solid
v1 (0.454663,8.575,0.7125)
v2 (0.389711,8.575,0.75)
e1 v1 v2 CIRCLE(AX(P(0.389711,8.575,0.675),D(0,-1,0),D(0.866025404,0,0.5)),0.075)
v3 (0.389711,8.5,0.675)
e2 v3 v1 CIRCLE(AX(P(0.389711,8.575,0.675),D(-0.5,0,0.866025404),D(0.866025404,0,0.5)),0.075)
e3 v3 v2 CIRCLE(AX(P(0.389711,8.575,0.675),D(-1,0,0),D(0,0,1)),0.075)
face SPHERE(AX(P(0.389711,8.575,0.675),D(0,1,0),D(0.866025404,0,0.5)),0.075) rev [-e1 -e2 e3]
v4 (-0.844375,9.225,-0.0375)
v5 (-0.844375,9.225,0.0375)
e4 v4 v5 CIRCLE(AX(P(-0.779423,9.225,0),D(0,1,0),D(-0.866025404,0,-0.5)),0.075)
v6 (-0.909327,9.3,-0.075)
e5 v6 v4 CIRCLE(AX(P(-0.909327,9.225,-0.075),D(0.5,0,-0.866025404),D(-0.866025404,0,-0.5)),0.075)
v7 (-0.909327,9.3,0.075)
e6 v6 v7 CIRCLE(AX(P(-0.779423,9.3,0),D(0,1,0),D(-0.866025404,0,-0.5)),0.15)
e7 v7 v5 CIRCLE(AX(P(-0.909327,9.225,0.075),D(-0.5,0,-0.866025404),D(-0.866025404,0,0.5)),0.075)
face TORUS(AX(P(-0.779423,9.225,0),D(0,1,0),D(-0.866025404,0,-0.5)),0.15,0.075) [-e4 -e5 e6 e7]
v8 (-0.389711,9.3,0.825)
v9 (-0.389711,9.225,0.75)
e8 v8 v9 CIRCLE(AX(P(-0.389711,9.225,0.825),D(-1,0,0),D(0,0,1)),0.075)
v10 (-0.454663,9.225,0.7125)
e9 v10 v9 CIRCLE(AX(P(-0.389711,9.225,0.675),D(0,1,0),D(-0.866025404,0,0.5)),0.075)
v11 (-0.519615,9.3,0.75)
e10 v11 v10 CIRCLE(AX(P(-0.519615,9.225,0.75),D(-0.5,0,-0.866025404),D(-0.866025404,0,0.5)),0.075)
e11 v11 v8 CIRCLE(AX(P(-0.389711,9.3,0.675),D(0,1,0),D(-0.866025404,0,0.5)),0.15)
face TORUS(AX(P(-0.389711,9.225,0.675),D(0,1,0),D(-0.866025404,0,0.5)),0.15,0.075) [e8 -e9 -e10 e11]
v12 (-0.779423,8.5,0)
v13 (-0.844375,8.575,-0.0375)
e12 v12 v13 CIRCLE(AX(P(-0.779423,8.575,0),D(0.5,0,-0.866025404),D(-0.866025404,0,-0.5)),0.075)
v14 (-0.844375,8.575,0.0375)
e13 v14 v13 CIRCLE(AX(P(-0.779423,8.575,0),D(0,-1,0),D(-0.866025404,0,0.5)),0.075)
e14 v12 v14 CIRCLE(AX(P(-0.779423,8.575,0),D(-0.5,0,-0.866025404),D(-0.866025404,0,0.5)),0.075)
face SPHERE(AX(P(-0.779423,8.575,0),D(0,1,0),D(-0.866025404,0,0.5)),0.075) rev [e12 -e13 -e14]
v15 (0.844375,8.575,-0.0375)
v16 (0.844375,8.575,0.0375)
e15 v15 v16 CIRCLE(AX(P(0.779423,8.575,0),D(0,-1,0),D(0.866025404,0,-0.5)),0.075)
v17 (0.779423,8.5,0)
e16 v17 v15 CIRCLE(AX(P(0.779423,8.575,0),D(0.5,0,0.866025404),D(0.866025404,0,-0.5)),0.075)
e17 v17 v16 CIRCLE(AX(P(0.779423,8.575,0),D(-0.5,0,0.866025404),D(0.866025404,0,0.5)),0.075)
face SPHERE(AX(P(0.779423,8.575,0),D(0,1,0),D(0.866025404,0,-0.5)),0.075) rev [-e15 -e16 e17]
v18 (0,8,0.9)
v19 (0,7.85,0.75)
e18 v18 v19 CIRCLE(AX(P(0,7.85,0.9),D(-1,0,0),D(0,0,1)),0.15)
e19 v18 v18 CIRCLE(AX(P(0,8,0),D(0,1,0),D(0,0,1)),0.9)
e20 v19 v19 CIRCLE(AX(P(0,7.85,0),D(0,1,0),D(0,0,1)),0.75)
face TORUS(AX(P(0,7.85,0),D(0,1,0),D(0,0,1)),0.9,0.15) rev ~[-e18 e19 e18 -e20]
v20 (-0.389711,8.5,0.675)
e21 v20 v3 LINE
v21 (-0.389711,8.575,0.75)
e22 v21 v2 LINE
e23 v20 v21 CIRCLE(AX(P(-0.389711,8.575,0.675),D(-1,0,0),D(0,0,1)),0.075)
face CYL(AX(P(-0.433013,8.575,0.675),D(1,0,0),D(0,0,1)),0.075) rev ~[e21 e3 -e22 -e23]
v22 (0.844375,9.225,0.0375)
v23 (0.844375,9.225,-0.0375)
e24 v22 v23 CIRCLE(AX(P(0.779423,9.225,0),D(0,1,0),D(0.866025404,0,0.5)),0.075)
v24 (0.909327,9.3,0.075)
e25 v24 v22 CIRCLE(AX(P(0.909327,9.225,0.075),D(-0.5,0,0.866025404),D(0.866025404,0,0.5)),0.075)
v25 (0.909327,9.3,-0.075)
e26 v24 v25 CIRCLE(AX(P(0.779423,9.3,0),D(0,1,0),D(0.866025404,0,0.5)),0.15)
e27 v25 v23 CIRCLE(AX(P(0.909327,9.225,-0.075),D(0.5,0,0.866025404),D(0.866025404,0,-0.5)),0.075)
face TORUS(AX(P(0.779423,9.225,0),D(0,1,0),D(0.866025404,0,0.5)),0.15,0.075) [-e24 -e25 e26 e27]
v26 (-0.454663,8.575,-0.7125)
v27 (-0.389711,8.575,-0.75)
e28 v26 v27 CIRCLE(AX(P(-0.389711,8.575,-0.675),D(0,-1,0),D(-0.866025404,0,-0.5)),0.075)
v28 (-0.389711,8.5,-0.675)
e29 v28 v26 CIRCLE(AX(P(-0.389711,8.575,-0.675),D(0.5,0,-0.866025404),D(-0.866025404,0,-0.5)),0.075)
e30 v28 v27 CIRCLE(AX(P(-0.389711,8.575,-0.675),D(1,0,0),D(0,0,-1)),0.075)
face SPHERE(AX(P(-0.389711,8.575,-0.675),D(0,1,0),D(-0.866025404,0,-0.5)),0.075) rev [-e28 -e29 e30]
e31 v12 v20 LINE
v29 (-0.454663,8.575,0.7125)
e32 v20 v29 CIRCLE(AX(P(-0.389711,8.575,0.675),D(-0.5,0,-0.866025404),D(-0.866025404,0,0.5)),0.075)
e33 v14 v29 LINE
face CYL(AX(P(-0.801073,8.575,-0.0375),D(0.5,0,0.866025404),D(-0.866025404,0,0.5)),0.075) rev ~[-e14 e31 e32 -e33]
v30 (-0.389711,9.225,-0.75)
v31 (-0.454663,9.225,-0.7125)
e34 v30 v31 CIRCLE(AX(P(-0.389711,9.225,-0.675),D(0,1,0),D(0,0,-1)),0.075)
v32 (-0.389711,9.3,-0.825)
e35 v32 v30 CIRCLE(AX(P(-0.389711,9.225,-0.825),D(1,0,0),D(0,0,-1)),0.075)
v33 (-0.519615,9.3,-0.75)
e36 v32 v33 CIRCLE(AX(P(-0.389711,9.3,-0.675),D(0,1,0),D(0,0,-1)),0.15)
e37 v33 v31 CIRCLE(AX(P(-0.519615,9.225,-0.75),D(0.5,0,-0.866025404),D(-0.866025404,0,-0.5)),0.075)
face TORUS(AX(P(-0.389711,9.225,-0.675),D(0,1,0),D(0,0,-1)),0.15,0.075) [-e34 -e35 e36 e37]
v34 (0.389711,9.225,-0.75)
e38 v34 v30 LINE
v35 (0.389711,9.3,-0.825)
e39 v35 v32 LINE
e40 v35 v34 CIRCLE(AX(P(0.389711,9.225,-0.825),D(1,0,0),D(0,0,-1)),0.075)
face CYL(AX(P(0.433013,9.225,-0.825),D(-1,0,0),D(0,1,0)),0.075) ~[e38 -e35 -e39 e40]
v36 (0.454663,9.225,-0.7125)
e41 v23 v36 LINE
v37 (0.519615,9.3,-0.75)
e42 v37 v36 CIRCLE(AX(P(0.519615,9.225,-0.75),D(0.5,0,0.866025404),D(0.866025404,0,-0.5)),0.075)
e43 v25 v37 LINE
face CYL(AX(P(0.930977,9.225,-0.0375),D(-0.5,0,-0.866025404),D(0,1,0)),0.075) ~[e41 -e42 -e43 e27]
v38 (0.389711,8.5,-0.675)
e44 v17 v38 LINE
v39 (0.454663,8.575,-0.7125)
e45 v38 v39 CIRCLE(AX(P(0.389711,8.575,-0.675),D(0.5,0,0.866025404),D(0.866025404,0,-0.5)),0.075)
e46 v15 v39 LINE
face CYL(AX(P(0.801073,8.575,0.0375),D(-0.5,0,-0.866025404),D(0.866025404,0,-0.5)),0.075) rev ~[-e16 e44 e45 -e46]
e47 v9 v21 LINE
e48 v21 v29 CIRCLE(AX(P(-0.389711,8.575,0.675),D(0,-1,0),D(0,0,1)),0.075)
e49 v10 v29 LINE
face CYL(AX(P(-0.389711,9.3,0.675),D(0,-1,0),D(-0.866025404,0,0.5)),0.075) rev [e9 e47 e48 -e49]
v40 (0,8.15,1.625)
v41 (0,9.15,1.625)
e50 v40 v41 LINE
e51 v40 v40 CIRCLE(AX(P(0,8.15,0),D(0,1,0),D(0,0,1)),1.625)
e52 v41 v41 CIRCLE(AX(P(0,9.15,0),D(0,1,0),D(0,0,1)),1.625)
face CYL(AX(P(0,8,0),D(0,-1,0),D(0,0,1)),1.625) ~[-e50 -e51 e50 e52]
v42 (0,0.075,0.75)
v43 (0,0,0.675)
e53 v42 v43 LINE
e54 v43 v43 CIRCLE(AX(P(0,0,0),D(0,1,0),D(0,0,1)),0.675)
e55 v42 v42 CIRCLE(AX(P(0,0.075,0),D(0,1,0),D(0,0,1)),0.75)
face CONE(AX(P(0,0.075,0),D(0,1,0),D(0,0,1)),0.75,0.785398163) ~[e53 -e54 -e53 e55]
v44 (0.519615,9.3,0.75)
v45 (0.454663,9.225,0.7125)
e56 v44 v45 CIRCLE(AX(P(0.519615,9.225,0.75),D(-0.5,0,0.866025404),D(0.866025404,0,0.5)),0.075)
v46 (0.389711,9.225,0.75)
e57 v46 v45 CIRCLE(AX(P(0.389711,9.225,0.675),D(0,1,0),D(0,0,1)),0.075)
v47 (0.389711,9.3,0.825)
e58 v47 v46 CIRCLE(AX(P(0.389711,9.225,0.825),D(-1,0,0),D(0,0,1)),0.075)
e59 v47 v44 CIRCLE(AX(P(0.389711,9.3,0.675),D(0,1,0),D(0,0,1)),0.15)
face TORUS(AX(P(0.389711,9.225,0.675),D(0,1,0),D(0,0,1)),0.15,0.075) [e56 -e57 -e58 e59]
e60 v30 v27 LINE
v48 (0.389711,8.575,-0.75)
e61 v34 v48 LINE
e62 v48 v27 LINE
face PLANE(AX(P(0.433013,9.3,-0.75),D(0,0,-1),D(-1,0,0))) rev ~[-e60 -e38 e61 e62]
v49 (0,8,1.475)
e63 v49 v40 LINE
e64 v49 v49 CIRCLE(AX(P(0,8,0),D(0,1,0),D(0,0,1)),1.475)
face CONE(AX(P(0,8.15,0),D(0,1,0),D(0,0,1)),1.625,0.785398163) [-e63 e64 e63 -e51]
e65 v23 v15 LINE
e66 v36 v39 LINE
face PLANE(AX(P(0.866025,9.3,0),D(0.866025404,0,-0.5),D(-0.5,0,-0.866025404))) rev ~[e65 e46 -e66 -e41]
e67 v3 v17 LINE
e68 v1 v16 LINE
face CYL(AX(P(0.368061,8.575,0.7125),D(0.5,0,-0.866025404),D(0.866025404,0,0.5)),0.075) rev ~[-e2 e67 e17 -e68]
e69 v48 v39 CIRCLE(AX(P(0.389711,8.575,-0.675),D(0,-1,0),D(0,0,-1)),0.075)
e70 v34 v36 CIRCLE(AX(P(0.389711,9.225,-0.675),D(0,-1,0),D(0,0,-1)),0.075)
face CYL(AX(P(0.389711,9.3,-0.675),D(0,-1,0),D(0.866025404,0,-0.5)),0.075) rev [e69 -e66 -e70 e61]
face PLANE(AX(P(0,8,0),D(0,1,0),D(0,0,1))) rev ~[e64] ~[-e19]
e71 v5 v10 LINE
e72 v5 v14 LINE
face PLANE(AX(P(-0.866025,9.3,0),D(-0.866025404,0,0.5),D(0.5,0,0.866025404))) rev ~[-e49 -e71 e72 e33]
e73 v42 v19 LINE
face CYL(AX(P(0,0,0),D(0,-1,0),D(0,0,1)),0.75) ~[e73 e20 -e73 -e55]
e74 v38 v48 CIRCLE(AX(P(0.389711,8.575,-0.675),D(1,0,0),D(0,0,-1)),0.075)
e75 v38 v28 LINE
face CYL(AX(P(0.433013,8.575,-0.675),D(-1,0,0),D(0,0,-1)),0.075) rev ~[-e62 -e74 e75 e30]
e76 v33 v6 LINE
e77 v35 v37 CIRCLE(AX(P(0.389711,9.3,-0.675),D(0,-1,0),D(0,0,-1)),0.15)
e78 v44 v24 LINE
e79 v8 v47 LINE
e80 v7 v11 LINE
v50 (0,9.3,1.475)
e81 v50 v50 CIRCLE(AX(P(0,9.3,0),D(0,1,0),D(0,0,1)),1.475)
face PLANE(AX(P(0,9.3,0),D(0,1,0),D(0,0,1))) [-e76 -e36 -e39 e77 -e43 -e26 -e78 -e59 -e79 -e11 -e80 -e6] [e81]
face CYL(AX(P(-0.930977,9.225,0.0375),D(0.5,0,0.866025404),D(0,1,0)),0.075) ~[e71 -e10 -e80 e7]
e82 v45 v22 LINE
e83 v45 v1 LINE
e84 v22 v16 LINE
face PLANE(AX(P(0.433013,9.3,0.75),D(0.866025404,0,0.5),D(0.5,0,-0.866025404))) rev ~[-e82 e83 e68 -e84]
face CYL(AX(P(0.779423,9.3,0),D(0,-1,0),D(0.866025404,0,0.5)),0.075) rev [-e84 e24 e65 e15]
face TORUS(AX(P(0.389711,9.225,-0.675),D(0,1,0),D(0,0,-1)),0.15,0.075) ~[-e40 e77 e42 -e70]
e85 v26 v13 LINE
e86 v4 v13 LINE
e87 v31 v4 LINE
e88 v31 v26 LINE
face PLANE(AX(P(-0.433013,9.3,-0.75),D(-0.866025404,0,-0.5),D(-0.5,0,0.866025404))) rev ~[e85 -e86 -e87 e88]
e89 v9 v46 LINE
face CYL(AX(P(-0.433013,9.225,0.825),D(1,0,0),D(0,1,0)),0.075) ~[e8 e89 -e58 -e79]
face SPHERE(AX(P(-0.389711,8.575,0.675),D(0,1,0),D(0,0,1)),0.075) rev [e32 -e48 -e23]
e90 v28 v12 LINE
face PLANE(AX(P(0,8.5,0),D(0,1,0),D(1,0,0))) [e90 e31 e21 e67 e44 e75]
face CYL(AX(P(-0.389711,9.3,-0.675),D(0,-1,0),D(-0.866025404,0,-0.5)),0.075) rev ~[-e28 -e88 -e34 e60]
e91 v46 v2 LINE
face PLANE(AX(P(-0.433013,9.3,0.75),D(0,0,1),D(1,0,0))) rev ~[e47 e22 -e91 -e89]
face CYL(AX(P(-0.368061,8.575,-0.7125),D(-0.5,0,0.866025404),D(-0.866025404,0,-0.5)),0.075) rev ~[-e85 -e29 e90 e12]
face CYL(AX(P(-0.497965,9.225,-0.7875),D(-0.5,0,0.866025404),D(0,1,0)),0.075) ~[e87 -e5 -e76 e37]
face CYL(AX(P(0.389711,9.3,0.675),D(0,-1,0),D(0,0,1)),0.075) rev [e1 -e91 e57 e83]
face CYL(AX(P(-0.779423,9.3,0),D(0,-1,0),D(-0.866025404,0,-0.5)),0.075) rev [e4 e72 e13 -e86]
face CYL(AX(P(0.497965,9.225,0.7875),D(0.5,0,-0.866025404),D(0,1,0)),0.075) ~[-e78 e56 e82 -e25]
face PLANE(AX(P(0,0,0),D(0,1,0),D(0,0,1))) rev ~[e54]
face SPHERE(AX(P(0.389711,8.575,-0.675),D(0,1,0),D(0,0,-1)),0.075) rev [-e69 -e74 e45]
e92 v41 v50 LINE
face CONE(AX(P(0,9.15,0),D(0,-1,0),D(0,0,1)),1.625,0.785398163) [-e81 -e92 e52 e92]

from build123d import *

# Parameters (mm, degrees)
SKETCH1_R           = 0.75
BOSS_EXTRUDE1_DEPTH = 8
SKETCH2_R           = 1.625
BOSS_EXTRUDE2_DEPTH = 1.3
FILLET1_R           = 0.15
CHAMFER1_SIZE       = 0.15
CUT_EXTRUDE1_DEPTH  = 0.8
CHAMFER2_SIZE       = 0.075
FILLET2_R           = 0.075


with BuildPart() as part:
    # Sketch1 → Boss-Extrude1 (new body)
    with BuildSketch(Plane(origin=(0, 0, 0), x_dir=(1, 0, 0), z_dir=(0, 1, 0))):
        with Locations(Location((0, 0, 0), (0, 0, 270))):
            Circle(SKETCH1_R)
    extrude(amount=BOSS_EXTRUDE1_DEPTH)

    # Sketch2 → Boss-Extrude2 (add)
    with BuildSketch(Plane(origin=(0, 8, 0), x_dir=(1, 0, 0), z_dir=(0, 1, 0))):
        with Locations(Location((0, 0, 0), (0, 0, 270))):
            Circle(SKETCH2_R)
    extrude(amount=BOSS_EXTRUDE2_DEPTH)

    # Fillet1
    fillet1_edges = [part.edges().sort_by_distance(p)[0] for p in [
        (0, 8, -0.75),
    ]]
    fillet(fillet1_edges, radius=FILLET1_R)

    # Chamfer1
    chamfer1_edges = [part.edges().sort_by_distance(p)[0] for p in [
        (0, 8, -1.625),
        (0, 9.3, -1.625),
    ]]
    chamfer(chamfer1_edges, length=CHAMFER1_SIZE)

    # Sketch3 → Cut-Extrude1 (cut)
    with BuildSketch(Plane(origin=(0, 9.3, 0), x_dir=(1, 0, 0), z_dir=(0, 1, 0))):
        Polygon((-0.433012702, 0.75), (-0.866025404, 0), (-0.433012702, -0.75), (0.433012702, -0.75), (0.866025404, 0), (0.433012702, 0.75), align=None)
    extrude(amount=-CUT_EXTRUDE1_DEPTH, mode=Mode.SUBTRACT)

    # Chamfer2
    chamfer2_edges = [part.edges().sort_by_distance(p)[0] for p in [
        (0, 0, -0.75),
    ]]
    chamfer(chamfer2_edges, length=CHAMFER2_SIZE)

    # Fillet2
    fillet2_edges = [part.edges().sort_by_distance(p)[0] for p in [
        (0, 8.5, -0.75),
        (-0.433012702, 8.9, -0.75),
        (0.649519053, 8.5, -0.375),
        (0.433012702, 8.9, -0.75),
        (0.649519053, 8.5, 0.375),
        (0.866025404, 8.9, 0),
        (0, 8.5, 0.75),
        (0.433012702, 8.9, 0.75),
        (-0.649519053, 8.5, 0.375),
        (-0.433012702, 8.9, 0.75),
        (-0.649519053, 8.5, -0.375),
        (-0.866025404, 8.9, 0),
        (0, 9.3, -0.75),
        (-0.649519053, 9.3, -0.375),
        (-0.649519053, 9.3, 0.375),
        (0, 9.3, 0.75),
        (0.649519053, 9.3, 0.375),
        (0.649519053, 9.3, -0.375),
    ]]
    fillet(fillet2_edges, radius=FILLET2_R)


solid = part.part
